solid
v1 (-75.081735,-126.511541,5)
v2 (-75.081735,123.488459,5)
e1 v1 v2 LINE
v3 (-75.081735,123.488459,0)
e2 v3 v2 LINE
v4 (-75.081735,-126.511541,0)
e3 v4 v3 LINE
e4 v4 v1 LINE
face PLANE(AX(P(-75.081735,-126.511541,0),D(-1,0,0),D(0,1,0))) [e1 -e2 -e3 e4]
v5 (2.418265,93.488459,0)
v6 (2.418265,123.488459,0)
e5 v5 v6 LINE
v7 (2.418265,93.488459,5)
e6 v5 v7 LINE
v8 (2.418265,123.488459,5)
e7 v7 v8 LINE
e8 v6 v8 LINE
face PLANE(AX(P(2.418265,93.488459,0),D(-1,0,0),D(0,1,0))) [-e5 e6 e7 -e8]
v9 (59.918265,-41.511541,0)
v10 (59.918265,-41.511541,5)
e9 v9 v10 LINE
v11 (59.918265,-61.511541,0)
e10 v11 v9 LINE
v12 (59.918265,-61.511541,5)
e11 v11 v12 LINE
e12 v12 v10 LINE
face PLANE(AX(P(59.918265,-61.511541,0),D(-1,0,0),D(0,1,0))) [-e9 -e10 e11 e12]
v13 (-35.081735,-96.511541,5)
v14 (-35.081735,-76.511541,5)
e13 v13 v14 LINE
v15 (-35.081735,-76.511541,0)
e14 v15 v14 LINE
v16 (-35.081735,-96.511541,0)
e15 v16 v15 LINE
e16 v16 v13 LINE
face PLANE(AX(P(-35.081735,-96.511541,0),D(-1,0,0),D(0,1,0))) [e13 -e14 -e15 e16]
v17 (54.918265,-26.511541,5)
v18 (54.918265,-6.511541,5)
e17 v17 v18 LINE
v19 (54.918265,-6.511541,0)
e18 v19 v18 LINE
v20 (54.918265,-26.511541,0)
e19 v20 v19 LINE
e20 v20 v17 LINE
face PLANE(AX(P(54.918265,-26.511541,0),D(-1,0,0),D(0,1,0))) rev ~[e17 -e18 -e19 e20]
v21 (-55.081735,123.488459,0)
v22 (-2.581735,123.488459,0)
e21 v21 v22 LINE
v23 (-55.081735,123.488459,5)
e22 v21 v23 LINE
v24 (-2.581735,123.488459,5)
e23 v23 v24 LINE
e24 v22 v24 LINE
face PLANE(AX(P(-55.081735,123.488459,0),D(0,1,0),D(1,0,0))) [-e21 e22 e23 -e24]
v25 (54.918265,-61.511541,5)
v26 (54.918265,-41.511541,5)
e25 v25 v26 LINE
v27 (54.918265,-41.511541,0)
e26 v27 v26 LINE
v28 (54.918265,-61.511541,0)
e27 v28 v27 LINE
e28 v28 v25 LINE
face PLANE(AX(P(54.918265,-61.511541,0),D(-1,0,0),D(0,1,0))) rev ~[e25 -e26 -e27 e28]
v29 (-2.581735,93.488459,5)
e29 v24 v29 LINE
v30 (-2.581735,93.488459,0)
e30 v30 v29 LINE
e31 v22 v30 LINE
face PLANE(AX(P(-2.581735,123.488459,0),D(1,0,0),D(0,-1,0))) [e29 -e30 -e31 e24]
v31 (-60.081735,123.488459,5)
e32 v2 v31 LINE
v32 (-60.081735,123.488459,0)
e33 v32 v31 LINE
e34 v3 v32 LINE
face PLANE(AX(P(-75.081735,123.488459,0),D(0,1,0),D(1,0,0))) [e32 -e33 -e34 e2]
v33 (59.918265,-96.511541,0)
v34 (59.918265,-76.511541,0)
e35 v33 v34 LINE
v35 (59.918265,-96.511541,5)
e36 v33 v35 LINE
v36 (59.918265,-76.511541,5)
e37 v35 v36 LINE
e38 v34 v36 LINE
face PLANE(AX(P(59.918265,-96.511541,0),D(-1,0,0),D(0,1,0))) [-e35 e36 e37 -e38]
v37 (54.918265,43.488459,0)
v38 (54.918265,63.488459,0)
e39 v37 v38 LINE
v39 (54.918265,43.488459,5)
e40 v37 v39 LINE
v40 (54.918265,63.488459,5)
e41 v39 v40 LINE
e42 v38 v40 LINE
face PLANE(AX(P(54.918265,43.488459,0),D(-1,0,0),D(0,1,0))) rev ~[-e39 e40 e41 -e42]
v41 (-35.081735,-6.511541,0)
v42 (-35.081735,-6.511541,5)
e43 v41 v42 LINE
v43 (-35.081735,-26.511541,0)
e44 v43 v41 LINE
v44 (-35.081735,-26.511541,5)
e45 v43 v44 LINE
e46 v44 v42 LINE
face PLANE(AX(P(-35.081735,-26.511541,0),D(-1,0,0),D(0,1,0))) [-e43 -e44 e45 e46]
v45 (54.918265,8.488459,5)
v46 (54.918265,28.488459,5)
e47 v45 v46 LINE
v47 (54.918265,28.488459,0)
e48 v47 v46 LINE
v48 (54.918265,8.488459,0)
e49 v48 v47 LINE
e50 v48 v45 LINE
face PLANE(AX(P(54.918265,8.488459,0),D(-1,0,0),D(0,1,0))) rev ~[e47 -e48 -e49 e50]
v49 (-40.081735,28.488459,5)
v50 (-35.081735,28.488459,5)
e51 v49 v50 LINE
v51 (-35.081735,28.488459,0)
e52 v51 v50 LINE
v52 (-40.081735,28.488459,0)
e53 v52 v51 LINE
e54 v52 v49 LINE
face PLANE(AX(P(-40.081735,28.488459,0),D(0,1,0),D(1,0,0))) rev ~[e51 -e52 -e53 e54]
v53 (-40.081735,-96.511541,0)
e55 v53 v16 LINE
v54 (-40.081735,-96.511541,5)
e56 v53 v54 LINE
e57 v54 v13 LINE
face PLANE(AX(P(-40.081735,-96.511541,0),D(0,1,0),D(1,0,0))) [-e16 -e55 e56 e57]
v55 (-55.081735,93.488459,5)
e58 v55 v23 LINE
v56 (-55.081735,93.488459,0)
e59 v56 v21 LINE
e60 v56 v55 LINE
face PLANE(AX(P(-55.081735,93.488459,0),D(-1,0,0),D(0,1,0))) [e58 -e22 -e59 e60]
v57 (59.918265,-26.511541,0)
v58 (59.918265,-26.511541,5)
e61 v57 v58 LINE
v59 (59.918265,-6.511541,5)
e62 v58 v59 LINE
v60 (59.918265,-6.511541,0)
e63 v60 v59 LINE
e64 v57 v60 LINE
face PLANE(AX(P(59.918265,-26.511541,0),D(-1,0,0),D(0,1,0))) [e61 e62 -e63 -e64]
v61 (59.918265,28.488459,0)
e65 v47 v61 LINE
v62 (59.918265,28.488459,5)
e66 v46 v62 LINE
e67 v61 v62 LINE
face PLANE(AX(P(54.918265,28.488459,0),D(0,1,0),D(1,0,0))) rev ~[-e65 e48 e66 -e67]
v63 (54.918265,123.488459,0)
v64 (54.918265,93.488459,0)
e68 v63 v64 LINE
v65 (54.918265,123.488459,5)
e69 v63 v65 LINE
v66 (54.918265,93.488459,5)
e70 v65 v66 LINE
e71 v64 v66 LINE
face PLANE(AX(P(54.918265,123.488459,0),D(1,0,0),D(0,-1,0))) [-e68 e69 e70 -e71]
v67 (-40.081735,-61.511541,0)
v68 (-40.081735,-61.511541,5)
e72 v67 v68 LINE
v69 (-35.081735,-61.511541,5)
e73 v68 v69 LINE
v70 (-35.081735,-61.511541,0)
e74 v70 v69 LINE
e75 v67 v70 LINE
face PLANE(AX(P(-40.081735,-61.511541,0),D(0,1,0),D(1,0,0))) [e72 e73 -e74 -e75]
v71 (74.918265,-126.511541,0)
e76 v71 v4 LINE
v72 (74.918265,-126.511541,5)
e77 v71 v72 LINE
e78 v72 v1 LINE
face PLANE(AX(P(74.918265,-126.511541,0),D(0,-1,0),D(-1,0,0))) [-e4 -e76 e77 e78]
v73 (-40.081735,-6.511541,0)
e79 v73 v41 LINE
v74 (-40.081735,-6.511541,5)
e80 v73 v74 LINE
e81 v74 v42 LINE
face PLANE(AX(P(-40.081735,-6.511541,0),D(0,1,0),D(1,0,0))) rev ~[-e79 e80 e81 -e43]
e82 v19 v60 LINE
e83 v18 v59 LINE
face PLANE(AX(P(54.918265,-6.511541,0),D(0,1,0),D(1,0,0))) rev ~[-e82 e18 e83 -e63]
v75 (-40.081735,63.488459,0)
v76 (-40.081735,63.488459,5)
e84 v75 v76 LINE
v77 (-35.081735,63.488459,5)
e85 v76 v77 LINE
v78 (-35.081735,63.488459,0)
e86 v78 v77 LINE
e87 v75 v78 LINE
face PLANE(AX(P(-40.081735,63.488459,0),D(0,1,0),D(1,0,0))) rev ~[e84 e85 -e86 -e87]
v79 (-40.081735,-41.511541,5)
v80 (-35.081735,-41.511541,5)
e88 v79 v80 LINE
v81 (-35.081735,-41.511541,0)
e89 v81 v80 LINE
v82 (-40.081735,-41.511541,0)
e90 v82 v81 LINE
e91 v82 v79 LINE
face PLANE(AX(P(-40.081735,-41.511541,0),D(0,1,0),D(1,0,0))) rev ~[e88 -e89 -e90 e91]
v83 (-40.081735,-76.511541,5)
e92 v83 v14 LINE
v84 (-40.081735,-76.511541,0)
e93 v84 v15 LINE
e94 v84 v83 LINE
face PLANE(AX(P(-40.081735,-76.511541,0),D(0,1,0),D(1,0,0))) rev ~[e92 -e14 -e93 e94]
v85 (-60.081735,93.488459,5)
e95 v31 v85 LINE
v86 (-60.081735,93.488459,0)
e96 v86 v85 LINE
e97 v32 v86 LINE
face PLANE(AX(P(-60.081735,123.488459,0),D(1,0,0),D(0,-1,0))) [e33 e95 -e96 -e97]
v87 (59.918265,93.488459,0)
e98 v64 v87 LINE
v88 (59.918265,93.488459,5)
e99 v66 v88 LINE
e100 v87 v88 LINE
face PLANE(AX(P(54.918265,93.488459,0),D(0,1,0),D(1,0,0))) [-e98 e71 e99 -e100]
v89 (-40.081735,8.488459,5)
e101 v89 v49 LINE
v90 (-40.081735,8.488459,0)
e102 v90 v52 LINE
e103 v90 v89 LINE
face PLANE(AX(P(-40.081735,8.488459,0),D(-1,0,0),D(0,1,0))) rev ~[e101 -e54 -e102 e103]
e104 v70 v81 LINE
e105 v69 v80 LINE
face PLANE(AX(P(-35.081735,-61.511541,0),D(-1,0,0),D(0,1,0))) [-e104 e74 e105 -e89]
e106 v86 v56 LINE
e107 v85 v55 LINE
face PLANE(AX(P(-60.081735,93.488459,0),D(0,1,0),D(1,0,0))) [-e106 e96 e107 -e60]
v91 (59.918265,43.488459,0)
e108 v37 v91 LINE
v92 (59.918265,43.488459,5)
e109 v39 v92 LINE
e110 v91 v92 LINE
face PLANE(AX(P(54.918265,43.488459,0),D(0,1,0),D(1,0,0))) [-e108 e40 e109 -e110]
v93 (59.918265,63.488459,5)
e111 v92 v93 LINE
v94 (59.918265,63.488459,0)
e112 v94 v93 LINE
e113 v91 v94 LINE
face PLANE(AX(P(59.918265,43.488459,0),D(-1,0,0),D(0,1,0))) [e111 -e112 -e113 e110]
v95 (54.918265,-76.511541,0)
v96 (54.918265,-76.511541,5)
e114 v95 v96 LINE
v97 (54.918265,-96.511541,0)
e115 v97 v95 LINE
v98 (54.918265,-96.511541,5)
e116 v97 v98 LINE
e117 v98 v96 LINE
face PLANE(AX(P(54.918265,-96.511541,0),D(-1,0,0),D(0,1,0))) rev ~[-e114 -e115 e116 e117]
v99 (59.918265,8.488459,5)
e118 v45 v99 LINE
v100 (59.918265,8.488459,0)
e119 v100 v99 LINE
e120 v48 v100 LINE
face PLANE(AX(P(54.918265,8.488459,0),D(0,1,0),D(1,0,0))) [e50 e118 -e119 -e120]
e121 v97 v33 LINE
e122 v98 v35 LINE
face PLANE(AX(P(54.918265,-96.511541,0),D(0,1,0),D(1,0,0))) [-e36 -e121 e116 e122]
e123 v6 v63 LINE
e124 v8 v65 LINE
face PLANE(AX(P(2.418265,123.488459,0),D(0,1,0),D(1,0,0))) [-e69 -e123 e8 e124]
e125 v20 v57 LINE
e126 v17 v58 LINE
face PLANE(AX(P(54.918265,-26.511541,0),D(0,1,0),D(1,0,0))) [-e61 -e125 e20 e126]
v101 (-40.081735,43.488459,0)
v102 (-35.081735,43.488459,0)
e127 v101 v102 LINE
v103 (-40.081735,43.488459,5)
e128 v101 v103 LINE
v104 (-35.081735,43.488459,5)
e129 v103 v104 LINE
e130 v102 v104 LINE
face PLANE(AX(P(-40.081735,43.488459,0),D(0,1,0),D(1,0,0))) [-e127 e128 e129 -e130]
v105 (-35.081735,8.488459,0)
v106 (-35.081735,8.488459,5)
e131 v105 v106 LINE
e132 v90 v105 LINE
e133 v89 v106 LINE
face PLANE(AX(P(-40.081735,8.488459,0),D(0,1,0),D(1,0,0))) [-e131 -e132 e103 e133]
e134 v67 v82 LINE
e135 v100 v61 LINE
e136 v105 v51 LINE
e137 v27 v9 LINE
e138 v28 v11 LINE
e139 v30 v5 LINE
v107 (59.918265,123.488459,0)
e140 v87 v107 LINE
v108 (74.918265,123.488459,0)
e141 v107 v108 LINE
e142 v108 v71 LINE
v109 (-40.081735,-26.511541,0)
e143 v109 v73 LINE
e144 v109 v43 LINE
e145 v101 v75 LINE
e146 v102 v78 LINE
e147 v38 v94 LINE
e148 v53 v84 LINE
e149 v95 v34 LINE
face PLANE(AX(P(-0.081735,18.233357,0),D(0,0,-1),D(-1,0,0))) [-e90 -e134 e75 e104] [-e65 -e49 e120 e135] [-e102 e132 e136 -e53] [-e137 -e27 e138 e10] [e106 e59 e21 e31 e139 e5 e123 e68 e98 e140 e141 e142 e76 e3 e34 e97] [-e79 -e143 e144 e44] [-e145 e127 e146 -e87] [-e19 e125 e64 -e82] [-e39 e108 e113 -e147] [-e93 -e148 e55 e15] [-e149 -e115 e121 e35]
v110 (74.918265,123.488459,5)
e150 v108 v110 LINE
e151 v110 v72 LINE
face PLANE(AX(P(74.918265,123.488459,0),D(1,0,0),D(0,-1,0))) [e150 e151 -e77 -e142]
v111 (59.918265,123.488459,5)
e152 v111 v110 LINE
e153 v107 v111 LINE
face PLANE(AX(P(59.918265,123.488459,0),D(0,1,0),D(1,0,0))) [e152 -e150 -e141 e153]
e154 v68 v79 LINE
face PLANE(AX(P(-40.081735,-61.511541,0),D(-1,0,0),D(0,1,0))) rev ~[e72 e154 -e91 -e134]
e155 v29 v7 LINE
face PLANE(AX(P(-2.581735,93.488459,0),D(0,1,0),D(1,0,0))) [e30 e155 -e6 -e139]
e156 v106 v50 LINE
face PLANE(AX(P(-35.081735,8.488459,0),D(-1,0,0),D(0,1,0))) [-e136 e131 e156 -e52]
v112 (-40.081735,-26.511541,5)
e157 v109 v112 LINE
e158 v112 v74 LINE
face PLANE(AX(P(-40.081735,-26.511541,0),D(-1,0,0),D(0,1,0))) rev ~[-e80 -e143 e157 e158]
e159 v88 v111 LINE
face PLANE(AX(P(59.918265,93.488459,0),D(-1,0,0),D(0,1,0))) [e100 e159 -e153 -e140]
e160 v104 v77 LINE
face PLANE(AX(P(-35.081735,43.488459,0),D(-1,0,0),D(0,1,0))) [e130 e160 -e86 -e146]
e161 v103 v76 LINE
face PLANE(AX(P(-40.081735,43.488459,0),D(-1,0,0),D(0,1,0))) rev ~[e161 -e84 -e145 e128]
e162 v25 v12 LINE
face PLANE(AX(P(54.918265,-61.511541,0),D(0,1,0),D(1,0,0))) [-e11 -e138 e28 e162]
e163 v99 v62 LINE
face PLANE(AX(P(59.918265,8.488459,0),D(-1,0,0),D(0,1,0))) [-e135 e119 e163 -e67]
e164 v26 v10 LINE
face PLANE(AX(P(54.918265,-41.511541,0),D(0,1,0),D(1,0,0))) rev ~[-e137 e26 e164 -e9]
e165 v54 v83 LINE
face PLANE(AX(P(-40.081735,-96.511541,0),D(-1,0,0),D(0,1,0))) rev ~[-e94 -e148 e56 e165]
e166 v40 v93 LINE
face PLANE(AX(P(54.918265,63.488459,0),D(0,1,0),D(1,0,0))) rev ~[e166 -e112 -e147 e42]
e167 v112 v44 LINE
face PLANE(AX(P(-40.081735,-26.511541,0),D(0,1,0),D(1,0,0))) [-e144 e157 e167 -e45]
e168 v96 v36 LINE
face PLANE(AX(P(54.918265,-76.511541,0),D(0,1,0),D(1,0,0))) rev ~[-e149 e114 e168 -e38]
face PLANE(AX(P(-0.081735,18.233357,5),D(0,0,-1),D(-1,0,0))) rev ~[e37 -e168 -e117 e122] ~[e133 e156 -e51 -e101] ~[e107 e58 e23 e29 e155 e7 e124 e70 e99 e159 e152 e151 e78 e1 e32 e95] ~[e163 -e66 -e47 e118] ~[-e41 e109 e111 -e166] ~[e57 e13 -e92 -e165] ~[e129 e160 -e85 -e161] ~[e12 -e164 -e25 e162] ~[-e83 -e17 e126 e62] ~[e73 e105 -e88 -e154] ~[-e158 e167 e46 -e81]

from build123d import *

# Parameters (mm, degrees)
SKETCH_W  = 5
SKETCH_H  = 20
PAD_DEPTH = 5


with BuildPart() as part:
    # Sketch → Pad (new body)
    with BuildSketch(Plane.XY):
        Polygon((74.918265, 123.488459), (74.918265, -126.511541), (-75.081735, -126.511541), (-75.081735, 123.488459), (-60.081735, 123.488459), (-60.081735, 93.488459), (-55.081735, 93.488459), (-55.081735, 123.488459), (-2.581735, 123.488459), (-2.581735, 93.488459), (2.418265, 93.488459), (2.418265, 123.488459), (54.918265, 123.488459), (54.918265, 93.488459), (59.918265, 93.488459), (59.918265, 123.488459), align=None)
        with Locations((-37.581735, -16.511541)):
            Rectangle(SKETCH_W, SKETCH_H, mode=Mode.SUBTRACT)
        with Locations((-37.581735, 18.488459)):
            Rectangle(SKETCH_W, SKETCH_H, mode=Mode.SUBTRACT)
        with Locations((-37.581735, 53.488459)):
            Rectangle(SKETCH_W, SKETCH_H, mode=Mode.SUBTRACT)
        with Locations((-37.581735, -51.511541)):
            Rectangle(SKETCH_W, SKETCH_H, mode=Mode.SUBTRACT)
        with Locations((-37.581735, -86.511541)):
            Rectangle(SKETCH_W, SKETCH_H, mode=Mode.SUBTRACT)
        with Locations((57.418265, -16.511541)):
            Rectangle(SKETCH_W, SKETCH_H, mode=Mode.SUBTRACT)
        with Locations((57.418265, -51.511541)):
            Rectangle(SKETCH_W, SKETCH_H, mode=Mode.SUBTRACT)
        with Locations((57.418265, -86.511541)):
            Rectangle(SKETCH_W, SKETCH_H, mode=Mode.SUBTRACT)
        with Locations((57.418265, 18.488459)):
            Rectangle(SKETCH_W, SKETCH_H, mode=Mode.SUBTRACT)
        with Locations((57.418265, 53.488459)):
            Rectangle(SKETCH_W, SKETCH_H, mode=Mode.SUBTRACT)
    extrude(amount=PAD_DEPTH)


solid = part.part
